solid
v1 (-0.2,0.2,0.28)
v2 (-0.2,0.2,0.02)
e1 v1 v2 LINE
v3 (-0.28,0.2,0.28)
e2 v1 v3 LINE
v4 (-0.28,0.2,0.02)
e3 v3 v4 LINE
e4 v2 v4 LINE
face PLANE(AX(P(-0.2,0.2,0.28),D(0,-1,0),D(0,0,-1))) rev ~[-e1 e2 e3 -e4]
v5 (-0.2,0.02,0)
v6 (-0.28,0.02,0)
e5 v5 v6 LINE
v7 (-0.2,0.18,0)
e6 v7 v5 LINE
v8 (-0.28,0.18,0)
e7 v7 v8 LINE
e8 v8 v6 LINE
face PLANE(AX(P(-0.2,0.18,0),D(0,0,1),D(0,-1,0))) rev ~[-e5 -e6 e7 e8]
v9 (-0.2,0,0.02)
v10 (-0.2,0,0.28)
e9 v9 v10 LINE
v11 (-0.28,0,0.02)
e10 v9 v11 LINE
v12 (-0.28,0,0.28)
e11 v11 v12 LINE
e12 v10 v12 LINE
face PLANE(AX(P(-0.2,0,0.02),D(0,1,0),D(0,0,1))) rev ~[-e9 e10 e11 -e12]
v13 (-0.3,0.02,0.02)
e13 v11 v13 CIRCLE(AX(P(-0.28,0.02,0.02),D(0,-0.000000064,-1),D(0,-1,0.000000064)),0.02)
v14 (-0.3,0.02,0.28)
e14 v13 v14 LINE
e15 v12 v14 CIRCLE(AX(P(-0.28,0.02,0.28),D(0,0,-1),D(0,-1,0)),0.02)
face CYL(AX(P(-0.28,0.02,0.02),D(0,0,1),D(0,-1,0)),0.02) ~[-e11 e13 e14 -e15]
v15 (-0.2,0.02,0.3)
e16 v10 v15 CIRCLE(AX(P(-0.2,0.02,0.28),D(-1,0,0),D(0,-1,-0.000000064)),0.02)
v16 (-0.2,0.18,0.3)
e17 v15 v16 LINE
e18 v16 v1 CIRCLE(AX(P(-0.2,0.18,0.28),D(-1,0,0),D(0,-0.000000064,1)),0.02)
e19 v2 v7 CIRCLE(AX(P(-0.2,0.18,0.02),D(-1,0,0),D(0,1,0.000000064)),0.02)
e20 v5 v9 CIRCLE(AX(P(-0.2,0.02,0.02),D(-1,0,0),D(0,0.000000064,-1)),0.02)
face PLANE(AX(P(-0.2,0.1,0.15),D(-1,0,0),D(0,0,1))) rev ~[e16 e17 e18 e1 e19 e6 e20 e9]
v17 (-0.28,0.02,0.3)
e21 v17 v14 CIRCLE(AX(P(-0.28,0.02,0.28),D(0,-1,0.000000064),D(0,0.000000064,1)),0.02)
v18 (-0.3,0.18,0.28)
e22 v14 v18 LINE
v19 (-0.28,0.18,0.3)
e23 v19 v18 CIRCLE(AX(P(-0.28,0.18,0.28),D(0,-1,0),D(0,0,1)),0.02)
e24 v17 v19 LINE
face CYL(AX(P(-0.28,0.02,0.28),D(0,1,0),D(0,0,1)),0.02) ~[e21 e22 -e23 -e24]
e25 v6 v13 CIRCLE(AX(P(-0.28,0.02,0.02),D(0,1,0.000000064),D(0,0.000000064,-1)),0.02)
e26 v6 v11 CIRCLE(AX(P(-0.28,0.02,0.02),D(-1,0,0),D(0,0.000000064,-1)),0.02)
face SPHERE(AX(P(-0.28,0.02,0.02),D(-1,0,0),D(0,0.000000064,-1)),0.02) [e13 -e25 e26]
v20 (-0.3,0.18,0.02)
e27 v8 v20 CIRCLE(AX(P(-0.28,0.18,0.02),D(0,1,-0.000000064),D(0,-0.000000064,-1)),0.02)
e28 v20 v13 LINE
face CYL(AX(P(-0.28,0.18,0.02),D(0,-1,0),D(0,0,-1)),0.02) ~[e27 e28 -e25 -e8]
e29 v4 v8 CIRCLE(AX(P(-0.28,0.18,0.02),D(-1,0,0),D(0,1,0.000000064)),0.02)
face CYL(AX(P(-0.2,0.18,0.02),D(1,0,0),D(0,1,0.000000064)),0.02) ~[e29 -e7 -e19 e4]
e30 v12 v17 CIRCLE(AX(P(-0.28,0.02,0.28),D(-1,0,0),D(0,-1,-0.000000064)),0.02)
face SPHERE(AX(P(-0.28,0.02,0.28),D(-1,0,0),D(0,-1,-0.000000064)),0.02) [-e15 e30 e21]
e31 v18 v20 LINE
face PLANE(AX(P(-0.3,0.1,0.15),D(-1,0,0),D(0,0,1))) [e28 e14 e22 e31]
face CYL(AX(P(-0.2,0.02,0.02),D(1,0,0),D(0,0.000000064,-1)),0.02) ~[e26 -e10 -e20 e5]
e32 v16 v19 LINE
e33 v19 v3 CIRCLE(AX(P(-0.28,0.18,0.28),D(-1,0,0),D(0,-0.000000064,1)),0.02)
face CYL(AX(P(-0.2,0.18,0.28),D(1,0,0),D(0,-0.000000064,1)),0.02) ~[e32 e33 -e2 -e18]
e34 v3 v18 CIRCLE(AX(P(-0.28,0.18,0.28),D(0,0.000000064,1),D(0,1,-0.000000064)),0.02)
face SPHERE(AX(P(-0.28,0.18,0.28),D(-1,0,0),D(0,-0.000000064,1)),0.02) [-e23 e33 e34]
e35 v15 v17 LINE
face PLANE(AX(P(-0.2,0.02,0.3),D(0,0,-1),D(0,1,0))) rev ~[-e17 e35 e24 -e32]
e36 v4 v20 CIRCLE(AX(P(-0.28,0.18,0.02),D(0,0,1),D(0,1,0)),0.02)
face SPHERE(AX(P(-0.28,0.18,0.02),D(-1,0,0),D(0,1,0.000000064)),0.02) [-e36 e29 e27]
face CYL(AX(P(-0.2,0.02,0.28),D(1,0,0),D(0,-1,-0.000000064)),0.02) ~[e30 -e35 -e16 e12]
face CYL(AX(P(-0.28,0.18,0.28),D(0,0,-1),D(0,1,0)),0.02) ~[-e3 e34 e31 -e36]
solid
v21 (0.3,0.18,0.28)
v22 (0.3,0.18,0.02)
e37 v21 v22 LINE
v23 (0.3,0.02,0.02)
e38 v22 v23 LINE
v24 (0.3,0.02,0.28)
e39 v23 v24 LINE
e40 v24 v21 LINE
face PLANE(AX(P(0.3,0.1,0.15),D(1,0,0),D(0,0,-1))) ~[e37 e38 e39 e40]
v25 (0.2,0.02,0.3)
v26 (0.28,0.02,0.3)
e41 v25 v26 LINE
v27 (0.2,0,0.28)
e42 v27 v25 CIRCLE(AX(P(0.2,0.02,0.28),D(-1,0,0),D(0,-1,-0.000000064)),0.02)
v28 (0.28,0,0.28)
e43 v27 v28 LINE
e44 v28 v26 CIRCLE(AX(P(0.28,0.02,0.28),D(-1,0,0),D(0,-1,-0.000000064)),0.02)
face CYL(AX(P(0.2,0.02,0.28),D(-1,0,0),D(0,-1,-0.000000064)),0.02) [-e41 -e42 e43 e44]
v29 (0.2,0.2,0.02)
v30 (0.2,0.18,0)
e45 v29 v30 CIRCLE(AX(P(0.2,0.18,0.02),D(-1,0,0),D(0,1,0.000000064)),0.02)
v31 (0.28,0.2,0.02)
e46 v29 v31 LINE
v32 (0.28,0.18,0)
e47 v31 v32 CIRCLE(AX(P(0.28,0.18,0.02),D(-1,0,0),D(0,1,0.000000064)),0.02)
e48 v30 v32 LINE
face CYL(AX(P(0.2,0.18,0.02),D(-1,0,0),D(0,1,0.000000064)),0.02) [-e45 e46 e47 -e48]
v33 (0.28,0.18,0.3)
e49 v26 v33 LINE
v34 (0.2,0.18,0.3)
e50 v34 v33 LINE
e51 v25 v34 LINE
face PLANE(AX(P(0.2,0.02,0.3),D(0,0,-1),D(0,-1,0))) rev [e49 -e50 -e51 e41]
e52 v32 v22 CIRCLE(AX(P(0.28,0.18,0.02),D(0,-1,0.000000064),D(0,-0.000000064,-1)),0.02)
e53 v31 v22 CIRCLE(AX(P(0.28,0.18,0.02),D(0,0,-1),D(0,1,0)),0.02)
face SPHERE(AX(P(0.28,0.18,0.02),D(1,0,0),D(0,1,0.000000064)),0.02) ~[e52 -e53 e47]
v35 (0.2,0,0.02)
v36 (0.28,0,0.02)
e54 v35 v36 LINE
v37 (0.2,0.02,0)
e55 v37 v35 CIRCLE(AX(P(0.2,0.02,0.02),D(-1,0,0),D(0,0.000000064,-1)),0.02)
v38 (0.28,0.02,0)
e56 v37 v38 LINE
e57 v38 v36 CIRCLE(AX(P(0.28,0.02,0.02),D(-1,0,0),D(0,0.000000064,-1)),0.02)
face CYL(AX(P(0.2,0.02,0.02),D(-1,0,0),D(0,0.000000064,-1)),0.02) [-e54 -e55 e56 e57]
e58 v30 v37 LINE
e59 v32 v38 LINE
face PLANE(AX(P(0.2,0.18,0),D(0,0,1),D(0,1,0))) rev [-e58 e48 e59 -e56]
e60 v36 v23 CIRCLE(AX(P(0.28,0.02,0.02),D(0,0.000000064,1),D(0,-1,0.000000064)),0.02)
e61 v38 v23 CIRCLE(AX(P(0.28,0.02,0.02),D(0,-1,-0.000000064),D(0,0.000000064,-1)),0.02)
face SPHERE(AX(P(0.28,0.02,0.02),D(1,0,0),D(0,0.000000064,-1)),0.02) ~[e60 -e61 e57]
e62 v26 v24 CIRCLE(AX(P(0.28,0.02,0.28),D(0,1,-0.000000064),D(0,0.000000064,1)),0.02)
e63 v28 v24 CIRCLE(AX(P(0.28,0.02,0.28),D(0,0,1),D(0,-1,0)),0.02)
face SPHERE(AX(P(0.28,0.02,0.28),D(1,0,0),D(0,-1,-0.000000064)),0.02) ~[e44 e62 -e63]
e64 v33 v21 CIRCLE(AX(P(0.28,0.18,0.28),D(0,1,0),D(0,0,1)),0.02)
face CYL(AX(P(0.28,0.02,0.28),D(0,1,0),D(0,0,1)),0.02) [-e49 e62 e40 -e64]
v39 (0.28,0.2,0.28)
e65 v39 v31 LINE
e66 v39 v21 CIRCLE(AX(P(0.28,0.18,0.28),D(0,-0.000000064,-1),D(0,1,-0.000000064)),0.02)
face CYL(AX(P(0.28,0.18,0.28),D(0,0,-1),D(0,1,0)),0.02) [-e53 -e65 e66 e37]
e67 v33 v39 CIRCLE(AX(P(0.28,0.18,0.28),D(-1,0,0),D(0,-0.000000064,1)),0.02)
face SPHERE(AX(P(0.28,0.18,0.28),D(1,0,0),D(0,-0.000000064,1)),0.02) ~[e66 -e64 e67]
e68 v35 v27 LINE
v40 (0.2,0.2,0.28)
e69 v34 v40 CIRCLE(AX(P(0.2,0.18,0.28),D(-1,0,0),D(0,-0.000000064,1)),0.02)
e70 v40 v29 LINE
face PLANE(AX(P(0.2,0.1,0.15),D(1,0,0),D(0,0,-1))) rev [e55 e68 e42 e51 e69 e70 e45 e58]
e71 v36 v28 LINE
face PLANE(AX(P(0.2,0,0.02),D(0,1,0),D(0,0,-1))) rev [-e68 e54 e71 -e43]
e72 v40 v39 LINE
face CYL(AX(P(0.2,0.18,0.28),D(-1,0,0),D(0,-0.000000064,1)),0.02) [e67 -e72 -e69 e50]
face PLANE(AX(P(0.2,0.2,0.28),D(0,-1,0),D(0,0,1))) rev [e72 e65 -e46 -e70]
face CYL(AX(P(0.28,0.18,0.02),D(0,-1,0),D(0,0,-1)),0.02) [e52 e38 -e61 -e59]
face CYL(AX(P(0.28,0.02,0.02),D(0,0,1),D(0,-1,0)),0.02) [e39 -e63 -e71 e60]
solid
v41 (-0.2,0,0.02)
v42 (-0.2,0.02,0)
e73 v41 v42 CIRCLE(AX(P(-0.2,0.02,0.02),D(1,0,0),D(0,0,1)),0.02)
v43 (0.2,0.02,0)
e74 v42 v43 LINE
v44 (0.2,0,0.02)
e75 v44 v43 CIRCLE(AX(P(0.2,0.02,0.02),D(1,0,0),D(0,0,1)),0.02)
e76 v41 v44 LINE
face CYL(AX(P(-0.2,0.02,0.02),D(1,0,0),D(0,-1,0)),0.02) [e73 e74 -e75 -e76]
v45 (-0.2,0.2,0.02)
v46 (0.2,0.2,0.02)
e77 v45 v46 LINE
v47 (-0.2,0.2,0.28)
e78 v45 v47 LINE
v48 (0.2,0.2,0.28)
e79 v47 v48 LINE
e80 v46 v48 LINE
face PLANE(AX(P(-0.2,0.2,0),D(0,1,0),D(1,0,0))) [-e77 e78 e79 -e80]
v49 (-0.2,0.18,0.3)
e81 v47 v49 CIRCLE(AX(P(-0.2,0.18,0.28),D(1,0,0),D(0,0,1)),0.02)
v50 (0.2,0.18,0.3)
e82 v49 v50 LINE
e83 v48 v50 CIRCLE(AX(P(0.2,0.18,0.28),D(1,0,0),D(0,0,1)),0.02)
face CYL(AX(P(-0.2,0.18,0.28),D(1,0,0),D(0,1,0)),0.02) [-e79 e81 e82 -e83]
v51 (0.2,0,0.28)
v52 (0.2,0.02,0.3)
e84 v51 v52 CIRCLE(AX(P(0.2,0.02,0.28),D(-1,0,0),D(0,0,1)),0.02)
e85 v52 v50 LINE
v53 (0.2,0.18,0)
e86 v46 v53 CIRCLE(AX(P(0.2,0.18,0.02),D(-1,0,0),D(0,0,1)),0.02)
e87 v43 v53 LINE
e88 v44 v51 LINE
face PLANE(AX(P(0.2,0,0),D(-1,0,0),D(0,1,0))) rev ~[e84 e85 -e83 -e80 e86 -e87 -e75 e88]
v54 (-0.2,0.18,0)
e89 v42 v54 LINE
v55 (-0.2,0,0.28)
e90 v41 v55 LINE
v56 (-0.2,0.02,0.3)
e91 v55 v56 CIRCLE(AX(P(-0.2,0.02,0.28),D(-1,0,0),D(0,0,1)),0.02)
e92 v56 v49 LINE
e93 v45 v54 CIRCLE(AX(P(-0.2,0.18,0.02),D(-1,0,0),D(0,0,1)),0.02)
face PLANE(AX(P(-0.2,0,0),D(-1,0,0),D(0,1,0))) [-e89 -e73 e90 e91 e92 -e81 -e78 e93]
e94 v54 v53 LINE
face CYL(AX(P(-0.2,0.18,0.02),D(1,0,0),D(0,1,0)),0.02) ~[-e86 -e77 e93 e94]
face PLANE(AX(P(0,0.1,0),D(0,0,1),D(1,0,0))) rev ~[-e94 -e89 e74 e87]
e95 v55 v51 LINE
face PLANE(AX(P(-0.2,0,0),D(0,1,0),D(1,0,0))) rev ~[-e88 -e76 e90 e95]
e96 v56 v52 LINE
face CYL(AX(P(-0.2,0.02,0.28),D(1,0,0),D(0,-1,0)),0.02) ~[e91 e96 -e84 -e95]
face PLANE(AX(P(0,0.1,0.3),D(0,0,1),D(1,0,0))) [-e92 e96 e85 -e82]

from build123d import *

# Parameters (mm, degrees)
SKETCH1_W           = 0.4
SKETCH1_H           = 0.2
BOSS_EXTRUDE1_DEPTH = 0.3
FILLET1_R           = 0.02
BOSS_EXTRUDE2_DEPTH = 0.1
FILLET2_R           = 0.02


with BuildPart() as part:
    # Sketch1 → Boss-Extrude1 (new body)
    with BuildSketch(Plane.XY):
        with Locations((0, 0.1)):
            Rectangle(SKETCH1_W, SKETCH1_H)
    extrude(amount=BOSS_EXTRUDE1_DEPTH)

    # Fillet1
    fillet1_edges = [part.edges().sort_by_distance(p)[0] for p in [
        (0, 0.2, 0.3),
        (0, 0.2, 0),
        (0, 0, 0),
        (0, 0, 0.3),
    ]]
    fillet(fillet1_edges, radius=FILLET1_R)


with BuildPart() as body_2:
    # Sketch2 → Boss-Extrude2 (new body)
    with BuildSketch(Plane.ZY.offset(0.2)):
        with BuildLine():
            Line((0, 0.18), (0, 0.02))
            ThreePointArc((0, 0.02), (0.005857864, 0.005857864), (0.02, 0))
            Line((0.02, 0), (0.28, 0))
            ThreePointArc((0.28, 0), (0.294142136, 0.005857864), (0.3, 0.02))
            Line((0.3, 0.02), (0.3, 0.18))
            ThreePointArc((0.3, 0.18), (0.294142136, 0.194142136), (0.28, 0.2))
            Line((0.28, 0.2), (0.02, 0.2))
            ThreePointArc((0.02, 0.2), (0.005857864, 0.194142136), (0, 0.18))
        make_face()
    extrude(amount=BOSS_EXTRUDE2_DEPTH)

    # Fillet2
    fillet2_edges = [body_2.edges().sort_by_distance(p)[0] for p in [
        (-0.3, 0.005857864, 0.005857864),
        (-0.3, 0, 0.15),
        (-0.3, 0.005857864, 0.294142136),
        (-0.3, 0.1, 0.3),
        (-0.3, 0.194142136, 0.294142136),
        (-0.3, 0.2, 0.15),
        (-0.3, 0.194142136, 0.005857864),
        (-0.3, 0.1, 0),
    ]]
    fillet(fillet2_edges, radius=FILLET2_R)


with BuildPart() as body_3:
    # Mirror1: mirrored copy
    add(body_2.part.mirror(Plane(origin=(0, 0, 0), x_dir=(0, 0, 1), z_dir=(1, 0, 0))))


solid = Compound([part.part, body_2.part, body_3.part])
